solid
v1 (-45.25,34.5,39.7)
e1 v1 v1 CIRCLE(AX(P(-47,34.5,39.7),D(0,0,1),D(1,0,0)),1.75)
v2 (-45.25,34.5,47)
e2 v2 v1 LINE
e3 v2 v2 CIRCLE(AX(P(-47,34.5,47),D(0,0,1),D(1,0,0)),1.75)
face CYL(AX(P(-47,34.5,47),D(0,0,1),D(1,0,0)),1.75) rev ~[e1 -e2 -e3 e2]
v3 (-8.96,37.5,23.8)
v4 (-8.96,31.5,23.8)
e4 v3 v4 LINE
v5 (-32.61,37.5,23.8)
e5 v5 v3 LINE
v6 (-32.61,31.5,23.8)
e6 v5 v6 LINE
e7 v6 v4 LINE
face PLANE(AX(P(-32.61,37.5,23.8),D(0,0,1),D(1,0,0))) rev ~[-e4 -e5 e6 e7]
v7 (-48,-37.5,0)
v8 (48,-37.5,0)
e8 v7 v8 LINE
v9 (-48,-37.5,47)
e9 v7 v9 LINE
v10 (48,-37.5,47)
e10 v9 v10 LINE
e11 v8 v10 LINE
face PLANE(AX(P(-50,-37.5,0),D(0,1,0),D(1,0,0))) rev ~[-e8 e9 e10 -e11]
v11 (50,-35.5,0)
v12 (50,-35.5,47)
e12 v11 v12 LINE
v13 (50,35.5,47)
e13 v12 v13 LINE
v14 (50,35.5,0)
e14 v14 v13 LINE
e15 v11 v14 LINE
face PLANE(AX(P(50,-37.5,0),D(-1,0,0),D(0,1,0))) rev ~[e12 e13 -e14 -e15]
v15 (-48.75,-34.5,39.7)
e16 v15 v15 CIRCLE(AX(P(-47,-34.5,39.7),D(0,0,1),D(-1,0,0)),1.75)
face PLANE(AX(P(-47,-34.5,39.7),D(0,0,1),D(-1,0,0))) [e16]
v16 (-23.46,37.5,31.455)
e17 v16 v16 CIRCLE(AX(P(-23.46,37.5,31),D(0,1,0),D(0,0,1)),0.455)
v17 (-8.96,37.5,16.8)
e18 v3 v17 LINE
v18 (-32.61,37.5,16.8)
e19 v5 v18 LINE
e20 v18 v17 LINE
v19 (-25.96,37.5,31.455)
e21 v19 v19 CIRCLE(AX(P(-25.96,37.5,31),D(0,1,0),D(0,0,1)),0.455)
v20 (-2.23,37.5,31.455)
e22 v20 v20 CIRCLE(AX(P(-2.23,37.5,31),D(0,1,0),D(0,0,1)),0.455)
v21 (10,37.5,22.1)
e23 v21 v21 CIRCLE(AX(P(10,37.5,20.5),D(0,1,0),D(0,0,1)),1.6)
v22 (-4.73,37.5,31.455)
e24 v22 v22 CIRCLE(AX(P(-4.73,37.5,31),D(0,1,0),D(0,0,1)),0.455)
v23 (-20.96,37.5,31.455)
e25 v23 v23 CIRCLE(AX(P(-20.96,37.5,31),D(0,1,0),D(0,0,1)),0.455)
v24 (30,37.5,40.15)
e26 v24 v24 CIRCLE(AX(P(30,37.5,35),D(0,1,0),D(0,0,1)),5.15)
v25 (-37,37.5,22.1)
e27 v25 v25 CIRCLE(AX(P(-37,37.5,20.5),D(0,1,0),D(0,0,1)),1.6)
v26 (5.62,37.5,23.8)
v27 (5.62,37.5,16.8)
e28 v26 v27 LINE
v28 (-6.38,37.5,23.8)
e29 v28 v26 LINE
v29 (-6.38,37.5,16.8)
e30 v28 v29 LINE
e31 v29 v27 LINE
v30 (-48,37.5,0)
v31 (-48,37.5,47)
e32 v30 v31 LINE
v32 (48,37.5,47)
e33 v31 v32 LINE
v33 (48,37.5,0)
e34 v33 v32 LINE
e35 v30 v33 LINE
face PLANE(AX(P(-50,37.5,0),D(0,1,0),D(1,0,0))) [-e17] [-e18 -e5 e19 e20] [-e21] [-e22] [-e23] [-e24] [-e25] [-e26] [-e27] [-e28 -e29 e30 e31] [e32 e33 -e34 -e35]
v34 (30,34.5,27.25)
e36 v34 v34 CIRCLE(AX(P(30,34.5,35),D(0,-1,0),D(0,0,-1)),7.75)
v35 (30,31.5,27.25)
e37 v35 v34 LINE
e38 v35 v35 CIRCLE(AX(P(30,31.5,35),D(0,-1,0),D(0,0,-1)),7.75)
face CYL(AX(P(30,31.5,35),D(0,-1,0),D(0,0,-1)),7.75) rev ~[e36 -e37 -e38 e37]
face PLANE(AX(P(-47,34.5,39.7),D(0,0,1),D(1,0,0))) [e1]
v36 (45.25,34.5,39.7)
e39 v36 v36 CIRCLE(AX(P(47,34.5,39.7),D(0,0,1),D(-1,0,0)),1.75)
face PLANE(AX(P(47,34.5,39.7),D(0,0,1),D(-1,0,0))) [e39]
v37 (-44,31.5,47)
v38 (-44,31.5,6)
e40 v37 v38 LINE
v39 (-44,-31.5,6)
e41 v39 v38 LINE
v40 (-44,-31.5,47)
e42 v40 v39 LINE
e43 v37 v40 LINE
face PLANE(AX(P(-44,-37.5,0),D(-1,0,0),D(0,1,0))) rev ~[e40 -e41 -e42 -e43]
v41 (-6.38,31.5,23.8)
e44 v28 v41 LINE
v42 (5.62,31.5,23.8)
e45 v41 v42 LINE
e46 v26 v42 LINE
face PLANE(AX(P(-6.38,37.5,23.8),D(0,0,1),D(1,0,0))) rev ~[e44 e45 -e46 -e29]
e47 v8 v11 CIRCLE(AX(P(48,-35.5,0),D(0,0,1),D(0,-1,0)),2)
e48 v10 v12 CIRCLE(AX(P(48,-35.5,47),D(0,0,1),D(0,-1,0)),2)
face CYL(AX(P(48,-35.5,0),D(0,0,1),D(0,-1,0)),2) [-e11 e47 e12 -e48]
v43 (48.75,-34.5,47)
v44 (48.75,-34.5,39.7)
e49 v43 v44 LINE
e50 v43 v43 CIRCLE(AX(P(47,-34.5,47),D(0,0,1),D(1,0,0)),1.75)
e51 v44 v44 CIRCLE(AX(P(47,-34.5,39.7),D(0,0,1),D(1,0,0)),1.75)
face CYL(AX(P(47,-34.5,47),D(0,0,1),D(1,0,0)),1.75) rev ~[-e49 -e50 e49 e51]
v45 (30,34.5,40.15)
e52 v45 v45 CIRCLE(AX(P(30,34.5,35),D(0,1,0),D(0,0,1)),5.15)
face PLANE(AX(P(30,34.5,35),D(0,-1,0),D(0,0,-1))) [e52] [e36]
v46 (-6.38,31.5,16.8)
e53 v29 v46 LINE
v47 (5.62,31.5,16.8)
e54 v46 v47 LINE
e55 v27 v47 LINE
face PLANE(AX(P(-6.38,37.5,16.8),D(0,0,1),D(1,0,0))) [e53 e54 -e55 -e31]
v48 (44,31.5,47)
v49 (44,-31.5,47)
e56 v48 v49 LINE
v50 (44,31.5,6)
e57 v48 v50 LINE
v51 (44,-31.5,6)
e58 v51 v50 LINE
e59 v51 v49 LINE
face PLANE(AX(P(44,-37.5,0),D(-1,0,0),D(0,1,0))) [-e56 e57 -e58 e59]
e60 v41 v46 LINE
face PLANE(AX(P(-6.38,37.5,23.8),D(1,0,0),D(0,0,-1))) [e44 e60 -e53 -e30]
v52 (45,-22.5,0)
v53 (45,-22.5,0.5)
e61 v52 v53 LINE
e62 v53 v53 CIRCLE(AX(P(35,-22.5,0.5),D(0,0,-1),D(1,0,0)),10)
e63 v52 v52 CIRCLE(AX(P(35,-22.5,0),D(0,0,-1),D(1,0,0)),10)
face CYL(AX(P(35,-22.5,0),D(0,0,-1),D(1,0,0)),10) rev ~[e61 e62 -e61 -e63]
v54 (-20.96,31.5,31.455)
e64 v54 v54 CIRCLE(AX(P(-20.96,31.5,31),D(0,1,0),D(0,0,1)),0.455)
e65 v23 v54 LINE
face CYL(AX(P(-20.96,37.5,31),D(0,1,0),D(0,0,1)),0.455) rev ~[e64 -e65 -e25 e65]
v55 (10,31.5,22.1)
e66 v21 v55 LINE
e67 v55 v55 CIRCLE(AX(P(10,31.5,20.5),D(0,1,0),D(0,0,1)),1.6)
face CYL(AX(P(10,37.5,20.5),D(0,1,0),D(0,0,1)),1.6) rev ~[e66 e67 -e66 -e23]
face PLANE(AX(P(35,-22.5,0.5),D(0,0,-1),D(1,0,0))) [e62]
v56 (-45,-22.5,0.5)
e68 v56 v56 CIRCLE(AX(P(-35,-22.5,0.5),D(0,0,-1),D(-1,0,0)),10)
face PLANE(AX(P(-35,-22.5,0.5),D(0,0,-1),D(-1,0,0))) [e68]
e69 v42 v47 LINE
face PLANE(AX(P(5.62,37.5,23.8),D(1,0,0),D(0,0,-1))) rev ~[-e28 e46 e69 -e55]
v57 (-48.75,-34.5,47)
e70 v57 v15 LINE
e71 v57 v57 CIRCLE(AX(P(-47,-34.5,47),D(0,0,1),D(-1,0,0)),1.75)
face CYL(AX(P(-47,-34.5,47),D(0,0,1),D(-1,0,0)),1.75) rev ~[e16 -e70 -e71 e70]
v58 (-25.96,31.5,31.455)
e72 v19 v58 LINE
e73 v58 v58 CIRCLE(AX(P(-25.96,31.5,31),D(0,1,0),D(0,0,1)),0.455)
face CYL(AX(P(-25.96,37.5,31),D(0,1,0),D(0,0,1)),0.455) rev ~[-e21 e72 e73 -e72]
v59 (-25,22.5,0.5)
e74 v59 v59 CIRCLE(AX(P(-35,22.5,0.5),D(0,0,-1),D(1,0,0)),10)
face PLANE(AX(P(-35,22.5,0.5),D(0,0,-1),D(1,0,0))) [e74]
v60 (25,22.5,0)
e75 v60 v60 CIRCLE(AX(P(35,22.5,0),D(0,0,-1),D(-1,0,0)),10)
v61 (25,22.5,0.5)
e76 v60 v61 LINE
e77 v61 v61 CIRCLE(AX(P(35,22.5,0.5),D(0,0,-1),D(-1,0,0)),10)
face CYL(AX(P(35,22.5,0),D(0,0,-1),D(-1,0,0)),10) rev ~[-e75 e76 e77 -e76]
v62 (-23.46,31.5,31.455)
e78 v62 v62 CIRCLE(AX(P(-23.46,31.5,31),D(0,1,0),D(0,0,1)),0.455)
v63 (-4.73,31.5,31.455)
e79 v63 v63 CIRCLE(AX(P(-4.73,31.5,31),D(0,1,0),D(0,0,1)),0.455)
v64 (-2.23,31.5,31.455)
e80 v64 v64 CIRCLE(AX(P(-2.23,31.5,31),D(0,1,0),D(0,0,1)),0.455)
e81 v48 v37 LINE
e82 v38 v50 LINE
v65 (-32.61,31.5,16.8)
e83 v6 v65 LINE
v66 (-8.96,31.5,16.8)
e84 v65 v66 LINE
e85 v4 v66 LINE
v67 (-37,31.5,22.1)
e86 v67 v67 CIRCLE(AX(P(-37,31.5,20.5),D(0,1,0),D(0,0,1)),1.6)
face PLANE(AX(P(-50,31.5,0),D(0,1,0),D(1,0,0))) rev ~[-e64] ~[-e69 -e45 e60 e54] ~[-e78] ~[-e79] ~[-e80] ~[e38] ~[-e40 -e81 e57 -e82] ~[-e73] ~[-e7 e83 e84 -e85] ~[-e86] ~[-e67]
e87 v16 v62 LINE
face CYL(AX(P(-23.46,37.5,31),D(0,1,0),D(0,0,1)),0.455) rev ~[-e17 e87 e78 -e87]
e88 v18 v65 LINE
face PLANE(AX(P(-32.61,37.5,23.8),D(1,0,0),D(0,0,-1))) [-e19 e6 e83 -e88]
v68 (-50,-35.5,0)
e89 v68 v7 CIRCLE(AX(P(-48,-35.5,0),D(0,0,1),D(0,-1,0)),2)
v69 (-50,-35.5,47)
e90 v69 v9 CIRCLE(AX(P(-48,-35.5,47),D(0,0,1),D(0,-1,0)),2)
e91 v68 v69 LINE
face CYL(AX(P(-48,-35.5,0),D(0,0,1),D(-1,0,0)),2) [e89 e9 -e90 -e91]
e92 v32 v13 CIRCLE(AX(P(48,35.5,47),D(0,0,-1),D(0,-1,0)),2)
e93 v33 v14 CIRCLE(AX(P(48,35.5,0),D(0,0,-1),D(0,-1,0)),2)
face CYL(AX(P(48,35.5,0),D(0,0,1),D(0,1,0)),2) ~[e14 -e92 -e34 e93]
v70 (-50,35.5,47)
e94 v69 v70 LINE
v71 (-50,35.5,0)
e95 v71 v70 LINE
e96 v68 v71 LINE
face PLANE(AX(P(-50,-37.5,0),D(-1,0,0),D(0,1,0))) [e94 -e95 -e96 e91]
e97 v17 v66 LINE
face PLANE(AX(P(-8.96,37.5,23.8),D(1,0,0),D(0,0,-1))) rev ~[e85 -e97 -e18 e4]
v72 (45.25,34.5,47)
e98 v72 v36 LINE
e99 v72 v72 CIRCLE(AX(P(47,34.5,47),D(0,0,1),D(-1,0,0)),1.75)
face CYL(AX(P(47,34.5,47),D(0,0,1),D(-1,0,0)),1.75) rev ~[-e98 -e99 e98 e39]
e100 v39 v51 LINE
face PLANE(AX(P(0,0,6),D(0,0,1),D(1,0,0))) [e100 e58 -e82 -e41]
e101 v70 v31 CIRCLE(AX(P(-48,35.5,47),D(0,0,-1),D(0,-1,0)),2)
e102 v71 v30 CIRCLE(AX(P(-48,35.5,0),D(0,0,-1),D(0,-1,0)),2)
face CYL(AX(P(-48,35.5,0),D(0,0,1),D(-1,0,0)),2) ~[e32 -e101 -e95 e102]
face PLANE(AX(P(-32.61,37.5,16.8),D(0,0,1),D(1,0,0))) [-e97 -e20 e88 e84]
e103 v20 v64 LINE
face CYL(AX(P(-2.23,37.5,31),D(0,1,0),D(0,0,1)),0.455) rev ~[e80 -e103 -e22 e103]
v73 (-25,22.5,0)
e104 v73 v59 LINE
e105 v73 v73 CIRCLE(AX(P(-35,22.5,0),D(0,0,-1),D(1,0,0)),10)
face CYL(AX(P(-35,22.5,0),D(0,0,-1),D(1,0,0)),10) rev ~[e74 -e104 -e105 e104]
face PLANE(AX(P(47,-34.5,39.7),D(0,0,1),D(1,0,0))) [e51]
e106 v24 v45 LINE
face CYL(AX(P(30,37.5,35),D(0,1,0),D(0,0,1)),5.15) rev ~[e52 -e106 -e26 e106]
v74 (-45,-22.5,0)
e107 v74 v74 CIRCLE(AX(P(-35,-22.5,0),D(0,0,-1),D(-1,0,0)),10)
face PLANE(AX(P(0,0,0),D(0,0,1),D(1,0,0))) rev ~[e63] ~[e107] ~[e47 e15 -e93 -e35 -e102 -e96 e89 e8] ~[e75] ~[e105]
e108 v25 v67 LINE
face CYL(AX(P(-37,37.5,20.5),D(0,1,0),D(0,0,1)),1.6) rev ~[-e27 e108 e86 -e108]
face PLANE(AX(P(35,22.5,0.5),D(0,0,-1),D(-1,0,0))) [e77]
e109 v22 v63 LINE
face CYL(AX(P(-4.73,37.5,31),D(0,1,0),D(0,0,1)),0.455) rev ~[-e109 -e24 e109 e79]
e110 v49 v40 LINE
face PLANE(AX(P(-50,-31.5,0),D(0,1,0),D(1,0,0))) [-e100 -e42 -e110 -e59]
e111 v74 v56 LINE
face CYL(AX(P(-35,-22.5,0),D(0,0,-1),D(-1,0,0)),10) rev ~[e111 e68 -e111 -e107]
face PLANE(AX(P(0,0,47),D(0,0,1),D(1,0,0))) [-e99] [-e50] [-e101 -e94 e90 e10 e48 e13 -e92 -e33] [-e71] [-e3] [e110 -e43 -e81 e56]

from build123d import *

# Parameters (mm, degrees)
ESQUISSE1_W             = 100
ESQUISSE1_H             = 75
BOSS_EXTRU_1_DEPTH      = 47
COQUE1_T                = -6
ESQUISSE6_R             = 1.75
ENL_V_MAT_EXTRU_1_DEPTH = 7.3
ESQUISSE7_R             = 10
ENL_V_MAT_EXTRU_2_DEPTH = 0.5
ESQUISSE9_R             = 0.455
ESQUISSE9_R_2           = 1.6
ESQUISSE9_W             = 12
ESQUISSE9_H             = 7
ESQUISSE9_W_2           = 23.65
ENL_V_MAT_EXTRU_3_DEPTH = 6
ESQUISSE10_R            = 5.15
ENL_V_MAT_EXTRU_4_DEPTH = 6
ESQUISSE11_R            = 7.75
ENL_V_MAT_EXTRU_5_DEPTH = 3
CONG_1_R                = 2


with BuildPart() as part:
    # Esquisse1 → Boss.-Extru.1 (new body)
    with BuildSketch(Plane.XY):
        Rectangle(ESQUISSE1_W, ESQUISSE1_H)
    extrude(amount=BOSS_EXTRU_1_DEPTH)

    # Coque1
    coque1_openings = [part.faces().sort_by_distance(p)[0] for p in [
        (0, 0, 47),
    ]]
    offset(amount=COQUE1_T, openings=coque1_openings, kind=Kind.INTERSECTION)

    # Esquisse6 → Enlèv. mat.-Extru.1 (cut)
    with BuildSketch(Plane.XY.offset(47)):
        with Locations((-47, 34.5)):
            Circle(ESQUISSE6_R)
        with Locations(Location((47, 34.5, 0), (0, 0, 180))):
            Circle(ESQUISSE6_R)
        with Locations((47, -34.5)):
            Circle(ESQUISSE6_R)
        with Locations(Location((-47, -34.5, 0), (0, 0, 180))):
            Circle(ESQUISSE6_R)
    extrude(amount=-ENL_V_MAT_EXTRU_1_DEPTH, mode=Mode.SUBTRACT)

    # Esquisse7 → Enlèv. mat.-Extru.2 (cut)
    with BuildSketch(Plane(origin=(0, 0, 0), x_dir=(-1, 0, 0), z_dir=(0, 0, -1))):
        with Locations((-35, 22.5)):
            Circle(ESQUISSE7_R)
        with Locations(Location((35, 22.5, 0), (0, 0, 180))):
            Circle(ESQUISSE7_R)
        with Locations(Location((-35, -22.5, 0), (0, 0, 180))):
            Circle(ESQUISSE7_R)
        with Locations((35, -22.5)):
            Circle(ESQUISSE7_R)
    extrude(amount=-ENL_V_MAT_EXTRU_2_DEPTH, mode=Mode.SUBTRACT)

    # Esquisse9 → Enlèv. mat.-Extru.3 (cut)
    with BuildSketch(Plane(origin=(0, 37.5, 0), x_dir=(1, 0, 0), z_dir=(0, 1, 0))):
        with Locations(Location((-4.73, -31, 0), (0, 0, 270))):
            Circle(ESQUISSE9_R)
        with Locations(Location((-2.23, -31, 0), (0, 0, 270))):
            Circle(ESQUISSE9_R)
        with Locations(Location((10, -20.5, 0), (0, 0, 270))):
            Circle(ESQUISSE9_R_2)
        with Locations(Location((-20.96, -31, 0), (0, 0, 270))):
            Circle(ESQUISSE9_R)
        with Locations(Location((-23.46, -31, 0), (0, 0, 270))):
            Circle(ESQUISSE9_R)
        with Locations(Location((-25.96, -31, 0), (0, 0, 270))):
            Circle(ESQUISSE9_R)
        with Locations(Location((-37, -20.5, 0), (0, 0, 270))):
            Circle(ESQUISSE9_R_2)
        with Locations((-0.38, -20.3)):
            Rectangle(ESQUISSE9_W, ESQUISSE9_H)
        with Locations((-20.785, -20.3)):
            Rectangle(ESQUISSE9_W_2, ESQUISSE9_H)
    extrude(amount=-ENL_V_MAT_EXTRU_3_DEPTH, mode=Mode.SUBTRACT)

    # Esquisse10 → Enlèv. mat.-Extru.4 (cut)
    with BuildSketch(Plane(origin=(0, 37.5, 0), x_dir=(1, 0, 0), z_dir=(0, 1, 0))):
        with Locations(Location((30, -35, 0), (0, 0, 270))):
            Circle(ESQUISSE10_R)
    extrude(amount=-ENL_V_MAT_EXTRU_4_DEPTH, mode=Mode.SUBTRACT)

    # Esquisse11 → Enlèv. mat.-Extru.5 (cut)
    with BuildSketch(Plane.XZ.offset(-31.5)):
        with Locations(Location((30, 35, 0), (0, 0, 270))):
            Circle(ESQUISSE11_R)
    extrude(amount=-ENL_V_MAT_EXTRU_5_DEPTH, mode=Mode.SUBTRACT)

    # Congé1
    cong_1_edges = [part.edges().sort_by_distance(p)[0] for p in [
        (50, -37.5, 23.5),
        (-50, -37.5, 23.5),
        (-50, 37.5, 23.5),
        (50, 37.5, 23.5),
    ]]
    fillet(cong_1_edges, radius=CONG_1_R)


solid = part.part
